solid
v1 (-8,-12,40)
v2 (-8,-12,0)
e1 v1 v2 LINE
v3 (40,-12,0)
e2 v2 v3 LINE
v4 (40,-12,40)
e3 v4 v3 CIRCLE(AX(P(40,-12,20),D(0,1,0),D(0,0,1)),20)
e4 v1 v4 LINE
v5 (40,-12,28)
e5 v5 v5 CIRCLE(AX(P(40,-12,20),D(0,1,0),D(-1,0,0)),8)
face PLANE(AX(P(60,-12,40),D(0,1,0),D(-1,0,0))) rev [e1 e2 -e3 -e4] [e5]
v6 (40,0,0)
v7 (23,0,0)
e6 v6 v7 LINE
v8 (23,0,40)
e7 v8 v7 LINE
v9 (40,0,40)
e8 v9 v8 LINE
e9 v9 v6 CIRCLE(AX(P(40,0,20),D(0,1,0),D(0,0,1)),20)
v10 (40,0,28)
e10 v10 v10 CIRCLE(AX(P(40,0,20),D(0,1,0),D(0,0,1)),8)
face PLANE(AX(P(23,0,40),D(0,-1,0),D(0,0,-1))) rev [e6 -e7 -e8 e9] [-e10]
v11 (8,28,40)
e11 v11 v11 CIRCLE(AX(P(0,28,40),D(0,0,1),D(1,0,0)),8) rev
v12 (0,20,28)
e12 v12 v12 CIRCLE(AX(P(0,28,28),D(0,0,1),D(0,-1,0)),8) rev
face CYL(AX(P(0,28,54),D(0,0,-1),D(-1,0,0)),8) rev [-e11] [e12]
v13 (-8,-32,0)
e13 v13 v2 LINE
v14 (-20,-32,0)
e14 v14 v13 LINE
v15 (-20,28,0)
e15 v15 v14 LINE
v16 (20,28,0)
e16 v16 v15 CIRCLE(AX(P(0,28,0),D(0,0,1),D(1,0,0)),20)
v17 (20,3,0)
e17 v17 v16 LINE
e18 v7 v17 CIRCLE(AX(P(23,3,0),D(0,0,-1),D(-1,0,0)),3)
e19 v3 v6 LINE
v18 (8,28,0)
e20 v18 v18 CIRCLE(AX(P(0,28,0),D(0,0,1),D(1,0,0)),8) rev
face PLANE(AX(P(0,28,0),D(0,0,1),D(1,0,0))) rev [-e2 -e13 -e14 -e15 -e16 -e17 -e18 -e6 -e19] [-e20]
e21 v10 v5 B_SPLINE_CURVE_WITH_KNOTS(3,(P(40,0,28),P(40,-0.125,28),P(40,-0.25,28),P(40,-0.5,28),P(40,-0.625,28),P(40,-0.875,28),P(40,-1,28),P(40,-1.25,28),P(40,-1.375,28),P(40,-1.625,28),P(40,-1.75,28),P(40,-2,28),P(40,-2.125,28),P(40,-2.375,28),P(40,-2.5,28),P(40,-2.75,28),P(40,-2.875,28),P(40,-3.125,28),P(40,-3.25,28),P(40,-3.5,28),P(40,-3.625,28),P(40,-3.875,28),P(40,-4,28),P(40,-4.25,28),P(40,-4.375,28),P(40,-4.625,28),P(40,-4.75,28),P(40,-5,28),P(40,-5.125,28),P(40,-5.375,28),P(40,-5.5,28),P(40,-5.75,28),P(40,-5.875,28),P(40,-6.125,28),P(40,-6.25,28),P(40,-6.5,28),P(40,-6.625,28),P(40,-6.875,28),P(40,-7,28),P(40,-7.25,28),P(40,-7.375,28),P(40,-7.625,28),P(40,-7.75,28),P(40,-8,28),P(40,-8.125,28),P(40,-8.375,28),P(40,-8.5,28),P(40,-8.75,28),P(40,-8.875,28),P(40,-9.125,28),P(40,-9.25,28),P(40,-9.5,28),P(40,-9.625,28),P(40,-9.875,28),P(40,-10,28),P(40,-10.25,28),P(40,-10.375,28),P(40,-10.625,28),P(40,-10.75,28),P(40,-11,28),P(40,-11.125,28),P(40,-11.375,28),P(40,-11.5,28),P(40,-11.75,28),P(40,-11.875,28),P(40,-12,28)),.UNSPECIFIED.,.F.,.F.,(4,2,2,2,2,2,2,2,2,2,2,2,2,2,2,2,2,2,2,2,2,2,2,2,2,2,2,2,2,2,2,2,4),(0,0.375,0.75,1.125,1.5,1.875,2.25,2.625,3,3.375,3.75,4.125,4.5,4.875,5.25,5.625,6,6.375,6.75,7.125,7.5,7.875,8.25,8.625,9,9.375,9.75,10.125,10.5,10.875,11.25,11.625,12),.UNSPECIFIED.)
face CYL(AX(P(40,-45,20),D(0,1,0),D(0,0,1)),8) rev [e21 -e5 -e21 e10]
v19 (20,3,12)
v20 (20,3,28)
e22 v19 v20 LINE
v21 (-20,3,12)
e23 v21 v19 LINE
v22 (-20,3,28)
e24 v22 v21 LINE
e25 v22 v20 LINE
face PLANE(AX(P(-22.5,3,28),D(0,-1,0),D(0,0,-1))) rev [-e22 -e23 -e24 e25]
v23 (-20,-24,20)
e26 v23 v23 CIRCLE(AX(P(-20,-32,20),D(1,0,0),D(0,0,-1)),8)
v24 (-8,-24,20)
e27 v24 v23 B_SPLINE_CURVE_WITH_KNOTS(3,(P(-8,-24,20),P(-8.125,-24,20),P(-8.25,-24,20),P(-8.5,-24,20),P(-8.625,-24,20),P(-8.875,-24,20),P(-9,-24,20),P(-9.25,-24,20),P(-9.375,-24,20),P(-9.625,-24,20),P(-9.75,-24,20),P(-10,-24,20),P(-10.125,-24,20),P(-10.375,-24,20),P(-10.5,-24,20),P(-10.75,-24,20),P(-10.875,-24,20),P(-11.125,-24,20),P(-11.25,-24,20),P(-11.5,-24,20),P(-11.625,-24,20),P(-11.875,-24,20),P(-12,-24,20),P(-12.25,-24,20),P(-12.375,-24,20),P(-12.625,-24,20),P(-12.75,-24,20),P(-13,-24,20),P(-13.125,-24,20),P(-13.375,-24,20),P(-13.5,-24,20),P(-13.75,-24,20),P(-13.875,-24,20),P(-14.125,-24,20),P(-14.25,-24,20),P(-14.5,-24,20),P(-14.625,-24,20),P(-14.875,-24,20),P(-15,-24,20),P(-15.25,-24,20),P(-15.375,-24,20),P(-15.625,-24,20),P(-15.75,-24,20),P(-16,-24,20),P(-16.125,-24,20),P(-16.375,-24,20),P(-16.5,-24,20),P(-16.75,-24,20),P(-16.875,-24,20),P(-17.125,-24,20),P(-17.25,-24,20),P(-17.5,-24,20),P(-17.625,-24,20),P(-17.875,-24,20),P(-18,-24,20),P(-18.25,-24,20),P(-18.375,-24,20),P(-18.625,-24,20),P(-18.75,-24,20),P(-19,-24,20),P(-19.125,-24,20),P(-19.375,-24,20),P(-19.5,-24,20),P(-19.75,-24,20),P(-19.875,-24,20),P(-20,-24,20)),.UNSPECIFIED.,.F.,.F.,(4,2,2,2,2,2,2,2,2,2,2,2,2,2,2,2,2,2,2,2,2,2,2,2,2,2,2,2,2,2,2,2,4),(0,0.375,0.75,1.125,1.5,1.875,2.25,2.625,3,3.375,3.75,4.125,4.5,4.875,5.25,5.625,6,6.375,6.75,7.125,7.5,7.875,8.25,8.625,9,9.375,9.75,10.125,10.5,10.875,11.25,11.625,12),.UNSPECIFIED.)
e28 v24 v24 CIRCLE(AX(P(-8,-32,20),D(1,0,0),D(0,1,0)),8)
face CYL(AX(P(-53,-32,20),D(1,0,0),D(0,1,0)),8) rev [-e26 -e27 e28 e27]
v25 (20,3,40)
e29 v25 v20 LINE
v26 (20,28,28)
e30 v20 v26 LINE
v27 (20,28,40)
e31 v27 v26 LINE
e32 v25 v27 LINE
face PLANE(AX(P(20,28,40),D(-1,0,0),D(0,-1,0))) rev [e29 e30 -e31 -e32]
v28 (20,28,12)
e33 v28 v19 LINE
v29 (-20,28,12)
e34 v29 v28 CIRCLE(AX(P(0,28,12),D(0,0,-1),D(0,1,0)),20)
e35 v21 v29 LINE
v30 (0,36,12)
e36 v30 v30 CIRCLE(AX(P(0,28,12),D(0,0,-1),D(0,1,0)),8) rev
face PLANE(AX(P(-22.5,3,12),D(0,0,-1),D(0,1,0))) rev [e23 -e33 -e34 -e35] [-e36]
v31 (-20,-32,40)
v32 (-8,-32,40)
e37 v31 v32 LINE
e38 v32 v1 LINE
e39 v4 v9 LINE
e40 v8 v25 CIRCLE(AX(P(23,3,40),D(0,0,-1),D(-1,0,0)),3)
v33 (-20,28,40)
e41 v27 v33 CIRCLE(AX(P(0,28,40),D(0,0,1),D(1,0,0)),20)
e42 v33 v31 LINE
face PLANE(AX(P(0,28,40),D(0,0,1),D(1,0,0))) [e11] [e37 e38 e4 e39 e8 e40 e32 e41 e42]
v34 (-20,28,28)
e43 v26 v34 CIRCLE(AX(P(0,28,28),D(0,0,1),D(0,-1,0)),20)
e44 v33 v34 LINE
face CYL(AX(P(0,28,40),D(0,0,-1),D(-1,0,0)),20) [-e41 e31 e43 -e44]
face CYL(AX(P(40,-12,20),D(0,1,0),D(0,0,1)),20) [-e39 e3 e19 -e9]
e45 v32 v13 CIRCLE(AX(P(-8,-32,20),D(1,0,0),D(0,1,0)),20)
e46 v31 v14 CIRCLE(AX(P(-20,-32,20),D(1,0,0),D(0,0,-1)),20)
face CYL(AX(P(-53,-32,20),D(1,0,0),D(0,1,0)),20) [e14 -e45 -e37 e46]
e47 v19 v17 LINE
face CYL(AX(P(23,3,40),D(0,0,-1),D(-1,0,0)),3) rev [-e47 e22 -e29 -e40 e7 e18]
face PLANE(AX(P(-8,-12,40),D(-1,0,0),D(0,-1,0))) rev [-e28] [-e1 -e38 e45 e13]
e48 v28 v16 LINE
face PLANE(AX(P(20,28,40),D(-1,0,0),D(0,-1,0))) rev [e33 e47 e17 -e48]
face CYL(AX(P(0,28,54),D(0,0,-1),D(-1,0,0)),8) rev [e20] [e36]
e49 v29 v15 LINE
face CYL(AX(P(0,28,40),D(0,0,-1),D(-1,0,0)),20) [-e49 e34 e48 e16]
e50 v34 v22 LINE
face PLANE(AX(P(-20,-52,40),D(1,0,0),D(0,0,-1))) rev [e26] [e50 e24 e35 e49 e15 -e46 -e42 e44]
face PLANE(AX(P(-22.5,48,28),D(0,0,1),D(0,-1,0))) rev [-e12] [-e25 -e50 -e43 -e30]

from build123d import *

# Parameters (mm, degrees)
BOSS_EXTRUDE3_DEPTH     = 40
CUT_EXTRUDE4_DEPTH      = 12
CUT_EXTRUDE5_DEPTH      = 22.5
CUT_EXTRUDE7_DEPTH      = 45
SKETCH13_R              = 8
CUT_EXTRUDE8_DEPTH      = 45
CUT_EXTRUDE9_DEPTH      = 54
CUT_EXTRUDE9_DEPTH_BACK = 41
SKETCH14_R              = 8


with BuildPart() as part:
    # Sketch1 → Boss-Extrude3 (new body)
    with BuildSketch(Plane.XY):
        with BuildLine():
            Line((23, 0), (60, 0))
            Line((60, 0), (60, -12))
            Line((60, -12), (-8, -12))
            Line((-8, -12), (-8, -52))
            Line((-8, -52), (-20, -52))
            Line((-20, -52), (-20, 28))
            ThreePointArc((-20, 28), (0, 48), (20, 28))
            Line((20, 28), (20, 3))
            ThreePointArc((20, 3), (20.878679656, 0.878679656), (23, 0))
        make_face()
    extrude(amount=BOSS_EXTRUDE3_DEPTH)

    # Sketch10 → Cut-Extrude4 (cut)
    with BuildSketch(Plane(origin=(0, 0, 0), x_dir=(1, 0, 0), z_dir=(0, 1, 0))):
        with BuildLine():
            Line((60, -40), (60, -20))
            ThreePointArc((60, -20), (54.142135624, -34.142135624), (40, -40))
            Line((40, -40), (60, -40))
        make_face()
        with BuildLine():
            Line((60, -20), (60, 0))
            Line((60, 0), (40, 0))
            ThreePointArc((40, 0), (54.142135624, -5.857864376), (60, -20))
        make_face()
    extrude(amount=-CUT_EXTRUDE4_DEPTH, mode=Mode.SUBTRACT)

    # Sketch11 → Cut-Extrude5 (cut, symmetric)
    with BuildSketch(Plane(origin=(0, 0, 0), x_dir=(0, 0, -1), z_dir=(1, 0, 0))):
        Polygon((-20, 48), (-28, 48), (-28, 3), (-12, 3), (-12, 48), align=None)
    extrude(amount=CUT_EXTRUDE5_DEPTH, both=True, mode=Mode.SUBTRACT)

    # Sketch12 → Cut-Extrude7 (cut)
    with BuildSketch(Plane(origin=(-8, 0, 0), x_dir=(0, 0, -1), z_dir=(1, 0, 0))):
        with BuildLine():
            ThreePointArc((-20, -24), (-28, -32), (-20, -40))
            Line((-20, -40), (-20, -24))
        make_face()
        with BuildLine():
            Line((-20, -24), (-20, -40))
            ThreePointArc((-20, -40), (-14.343145751, -37.656854249), (-12, -32))
            ThreePointArc((-12, -32), (-14.343145751, -26.343145751), (-20, -24))
        make_face()
        with BuildLine():
            Line((-40, -52), (-20, -52))
            ThreePointArc((-20, -52), (-34.142135624, -46.142135624), (-40, -32))
            Line((-40, -32), (-40, -52))
        make_face()
        with BuildLine():
            ThreePointArc((0, -32), (-5.857864376, -46.142135624), (-20, -52))
            Line((-20, -52), (0, -52))
            Line((0, -52), (0, -32))
        make_face()
    extrude(amount=-CUT_EXTRUDE7_DEPTH, mode=Mode.SUBTRACT)

    # Sketch13 → Cut-Extrude8 (cut)
    with BuildSketch(Plane(origin=(0, 0, 0), x_dir=(1, 0, 0), z_dir=(0, 1, 0))):
        with Locations(Location((40, -20, 0), (0, 0, 270))):
            Circle(SKETCH13_R)
    extrude(amount=-CUT_EXTRUDE8_DEPTH, mode=Mode.SUBTRACT)

    # Sketch14 → Cut-Extrude9 (cut, two sides: drawn at the far end of the back side and taken through both)
    with BuildSketch(Plane.XY.offset(-CUT_EXTRUDE9_DEPTH_BACK)):
        with Locations(Location((0, 28, 0), (0, 0, 270))):
            Circle(SKETCH14_R)
    extrude(amount=CUT_EXTRUDE9_DEPTH + CUT_EXTRUDE9_DEPTH_BACK, mode=Mode.SUBTRACT)


solid = part.part
